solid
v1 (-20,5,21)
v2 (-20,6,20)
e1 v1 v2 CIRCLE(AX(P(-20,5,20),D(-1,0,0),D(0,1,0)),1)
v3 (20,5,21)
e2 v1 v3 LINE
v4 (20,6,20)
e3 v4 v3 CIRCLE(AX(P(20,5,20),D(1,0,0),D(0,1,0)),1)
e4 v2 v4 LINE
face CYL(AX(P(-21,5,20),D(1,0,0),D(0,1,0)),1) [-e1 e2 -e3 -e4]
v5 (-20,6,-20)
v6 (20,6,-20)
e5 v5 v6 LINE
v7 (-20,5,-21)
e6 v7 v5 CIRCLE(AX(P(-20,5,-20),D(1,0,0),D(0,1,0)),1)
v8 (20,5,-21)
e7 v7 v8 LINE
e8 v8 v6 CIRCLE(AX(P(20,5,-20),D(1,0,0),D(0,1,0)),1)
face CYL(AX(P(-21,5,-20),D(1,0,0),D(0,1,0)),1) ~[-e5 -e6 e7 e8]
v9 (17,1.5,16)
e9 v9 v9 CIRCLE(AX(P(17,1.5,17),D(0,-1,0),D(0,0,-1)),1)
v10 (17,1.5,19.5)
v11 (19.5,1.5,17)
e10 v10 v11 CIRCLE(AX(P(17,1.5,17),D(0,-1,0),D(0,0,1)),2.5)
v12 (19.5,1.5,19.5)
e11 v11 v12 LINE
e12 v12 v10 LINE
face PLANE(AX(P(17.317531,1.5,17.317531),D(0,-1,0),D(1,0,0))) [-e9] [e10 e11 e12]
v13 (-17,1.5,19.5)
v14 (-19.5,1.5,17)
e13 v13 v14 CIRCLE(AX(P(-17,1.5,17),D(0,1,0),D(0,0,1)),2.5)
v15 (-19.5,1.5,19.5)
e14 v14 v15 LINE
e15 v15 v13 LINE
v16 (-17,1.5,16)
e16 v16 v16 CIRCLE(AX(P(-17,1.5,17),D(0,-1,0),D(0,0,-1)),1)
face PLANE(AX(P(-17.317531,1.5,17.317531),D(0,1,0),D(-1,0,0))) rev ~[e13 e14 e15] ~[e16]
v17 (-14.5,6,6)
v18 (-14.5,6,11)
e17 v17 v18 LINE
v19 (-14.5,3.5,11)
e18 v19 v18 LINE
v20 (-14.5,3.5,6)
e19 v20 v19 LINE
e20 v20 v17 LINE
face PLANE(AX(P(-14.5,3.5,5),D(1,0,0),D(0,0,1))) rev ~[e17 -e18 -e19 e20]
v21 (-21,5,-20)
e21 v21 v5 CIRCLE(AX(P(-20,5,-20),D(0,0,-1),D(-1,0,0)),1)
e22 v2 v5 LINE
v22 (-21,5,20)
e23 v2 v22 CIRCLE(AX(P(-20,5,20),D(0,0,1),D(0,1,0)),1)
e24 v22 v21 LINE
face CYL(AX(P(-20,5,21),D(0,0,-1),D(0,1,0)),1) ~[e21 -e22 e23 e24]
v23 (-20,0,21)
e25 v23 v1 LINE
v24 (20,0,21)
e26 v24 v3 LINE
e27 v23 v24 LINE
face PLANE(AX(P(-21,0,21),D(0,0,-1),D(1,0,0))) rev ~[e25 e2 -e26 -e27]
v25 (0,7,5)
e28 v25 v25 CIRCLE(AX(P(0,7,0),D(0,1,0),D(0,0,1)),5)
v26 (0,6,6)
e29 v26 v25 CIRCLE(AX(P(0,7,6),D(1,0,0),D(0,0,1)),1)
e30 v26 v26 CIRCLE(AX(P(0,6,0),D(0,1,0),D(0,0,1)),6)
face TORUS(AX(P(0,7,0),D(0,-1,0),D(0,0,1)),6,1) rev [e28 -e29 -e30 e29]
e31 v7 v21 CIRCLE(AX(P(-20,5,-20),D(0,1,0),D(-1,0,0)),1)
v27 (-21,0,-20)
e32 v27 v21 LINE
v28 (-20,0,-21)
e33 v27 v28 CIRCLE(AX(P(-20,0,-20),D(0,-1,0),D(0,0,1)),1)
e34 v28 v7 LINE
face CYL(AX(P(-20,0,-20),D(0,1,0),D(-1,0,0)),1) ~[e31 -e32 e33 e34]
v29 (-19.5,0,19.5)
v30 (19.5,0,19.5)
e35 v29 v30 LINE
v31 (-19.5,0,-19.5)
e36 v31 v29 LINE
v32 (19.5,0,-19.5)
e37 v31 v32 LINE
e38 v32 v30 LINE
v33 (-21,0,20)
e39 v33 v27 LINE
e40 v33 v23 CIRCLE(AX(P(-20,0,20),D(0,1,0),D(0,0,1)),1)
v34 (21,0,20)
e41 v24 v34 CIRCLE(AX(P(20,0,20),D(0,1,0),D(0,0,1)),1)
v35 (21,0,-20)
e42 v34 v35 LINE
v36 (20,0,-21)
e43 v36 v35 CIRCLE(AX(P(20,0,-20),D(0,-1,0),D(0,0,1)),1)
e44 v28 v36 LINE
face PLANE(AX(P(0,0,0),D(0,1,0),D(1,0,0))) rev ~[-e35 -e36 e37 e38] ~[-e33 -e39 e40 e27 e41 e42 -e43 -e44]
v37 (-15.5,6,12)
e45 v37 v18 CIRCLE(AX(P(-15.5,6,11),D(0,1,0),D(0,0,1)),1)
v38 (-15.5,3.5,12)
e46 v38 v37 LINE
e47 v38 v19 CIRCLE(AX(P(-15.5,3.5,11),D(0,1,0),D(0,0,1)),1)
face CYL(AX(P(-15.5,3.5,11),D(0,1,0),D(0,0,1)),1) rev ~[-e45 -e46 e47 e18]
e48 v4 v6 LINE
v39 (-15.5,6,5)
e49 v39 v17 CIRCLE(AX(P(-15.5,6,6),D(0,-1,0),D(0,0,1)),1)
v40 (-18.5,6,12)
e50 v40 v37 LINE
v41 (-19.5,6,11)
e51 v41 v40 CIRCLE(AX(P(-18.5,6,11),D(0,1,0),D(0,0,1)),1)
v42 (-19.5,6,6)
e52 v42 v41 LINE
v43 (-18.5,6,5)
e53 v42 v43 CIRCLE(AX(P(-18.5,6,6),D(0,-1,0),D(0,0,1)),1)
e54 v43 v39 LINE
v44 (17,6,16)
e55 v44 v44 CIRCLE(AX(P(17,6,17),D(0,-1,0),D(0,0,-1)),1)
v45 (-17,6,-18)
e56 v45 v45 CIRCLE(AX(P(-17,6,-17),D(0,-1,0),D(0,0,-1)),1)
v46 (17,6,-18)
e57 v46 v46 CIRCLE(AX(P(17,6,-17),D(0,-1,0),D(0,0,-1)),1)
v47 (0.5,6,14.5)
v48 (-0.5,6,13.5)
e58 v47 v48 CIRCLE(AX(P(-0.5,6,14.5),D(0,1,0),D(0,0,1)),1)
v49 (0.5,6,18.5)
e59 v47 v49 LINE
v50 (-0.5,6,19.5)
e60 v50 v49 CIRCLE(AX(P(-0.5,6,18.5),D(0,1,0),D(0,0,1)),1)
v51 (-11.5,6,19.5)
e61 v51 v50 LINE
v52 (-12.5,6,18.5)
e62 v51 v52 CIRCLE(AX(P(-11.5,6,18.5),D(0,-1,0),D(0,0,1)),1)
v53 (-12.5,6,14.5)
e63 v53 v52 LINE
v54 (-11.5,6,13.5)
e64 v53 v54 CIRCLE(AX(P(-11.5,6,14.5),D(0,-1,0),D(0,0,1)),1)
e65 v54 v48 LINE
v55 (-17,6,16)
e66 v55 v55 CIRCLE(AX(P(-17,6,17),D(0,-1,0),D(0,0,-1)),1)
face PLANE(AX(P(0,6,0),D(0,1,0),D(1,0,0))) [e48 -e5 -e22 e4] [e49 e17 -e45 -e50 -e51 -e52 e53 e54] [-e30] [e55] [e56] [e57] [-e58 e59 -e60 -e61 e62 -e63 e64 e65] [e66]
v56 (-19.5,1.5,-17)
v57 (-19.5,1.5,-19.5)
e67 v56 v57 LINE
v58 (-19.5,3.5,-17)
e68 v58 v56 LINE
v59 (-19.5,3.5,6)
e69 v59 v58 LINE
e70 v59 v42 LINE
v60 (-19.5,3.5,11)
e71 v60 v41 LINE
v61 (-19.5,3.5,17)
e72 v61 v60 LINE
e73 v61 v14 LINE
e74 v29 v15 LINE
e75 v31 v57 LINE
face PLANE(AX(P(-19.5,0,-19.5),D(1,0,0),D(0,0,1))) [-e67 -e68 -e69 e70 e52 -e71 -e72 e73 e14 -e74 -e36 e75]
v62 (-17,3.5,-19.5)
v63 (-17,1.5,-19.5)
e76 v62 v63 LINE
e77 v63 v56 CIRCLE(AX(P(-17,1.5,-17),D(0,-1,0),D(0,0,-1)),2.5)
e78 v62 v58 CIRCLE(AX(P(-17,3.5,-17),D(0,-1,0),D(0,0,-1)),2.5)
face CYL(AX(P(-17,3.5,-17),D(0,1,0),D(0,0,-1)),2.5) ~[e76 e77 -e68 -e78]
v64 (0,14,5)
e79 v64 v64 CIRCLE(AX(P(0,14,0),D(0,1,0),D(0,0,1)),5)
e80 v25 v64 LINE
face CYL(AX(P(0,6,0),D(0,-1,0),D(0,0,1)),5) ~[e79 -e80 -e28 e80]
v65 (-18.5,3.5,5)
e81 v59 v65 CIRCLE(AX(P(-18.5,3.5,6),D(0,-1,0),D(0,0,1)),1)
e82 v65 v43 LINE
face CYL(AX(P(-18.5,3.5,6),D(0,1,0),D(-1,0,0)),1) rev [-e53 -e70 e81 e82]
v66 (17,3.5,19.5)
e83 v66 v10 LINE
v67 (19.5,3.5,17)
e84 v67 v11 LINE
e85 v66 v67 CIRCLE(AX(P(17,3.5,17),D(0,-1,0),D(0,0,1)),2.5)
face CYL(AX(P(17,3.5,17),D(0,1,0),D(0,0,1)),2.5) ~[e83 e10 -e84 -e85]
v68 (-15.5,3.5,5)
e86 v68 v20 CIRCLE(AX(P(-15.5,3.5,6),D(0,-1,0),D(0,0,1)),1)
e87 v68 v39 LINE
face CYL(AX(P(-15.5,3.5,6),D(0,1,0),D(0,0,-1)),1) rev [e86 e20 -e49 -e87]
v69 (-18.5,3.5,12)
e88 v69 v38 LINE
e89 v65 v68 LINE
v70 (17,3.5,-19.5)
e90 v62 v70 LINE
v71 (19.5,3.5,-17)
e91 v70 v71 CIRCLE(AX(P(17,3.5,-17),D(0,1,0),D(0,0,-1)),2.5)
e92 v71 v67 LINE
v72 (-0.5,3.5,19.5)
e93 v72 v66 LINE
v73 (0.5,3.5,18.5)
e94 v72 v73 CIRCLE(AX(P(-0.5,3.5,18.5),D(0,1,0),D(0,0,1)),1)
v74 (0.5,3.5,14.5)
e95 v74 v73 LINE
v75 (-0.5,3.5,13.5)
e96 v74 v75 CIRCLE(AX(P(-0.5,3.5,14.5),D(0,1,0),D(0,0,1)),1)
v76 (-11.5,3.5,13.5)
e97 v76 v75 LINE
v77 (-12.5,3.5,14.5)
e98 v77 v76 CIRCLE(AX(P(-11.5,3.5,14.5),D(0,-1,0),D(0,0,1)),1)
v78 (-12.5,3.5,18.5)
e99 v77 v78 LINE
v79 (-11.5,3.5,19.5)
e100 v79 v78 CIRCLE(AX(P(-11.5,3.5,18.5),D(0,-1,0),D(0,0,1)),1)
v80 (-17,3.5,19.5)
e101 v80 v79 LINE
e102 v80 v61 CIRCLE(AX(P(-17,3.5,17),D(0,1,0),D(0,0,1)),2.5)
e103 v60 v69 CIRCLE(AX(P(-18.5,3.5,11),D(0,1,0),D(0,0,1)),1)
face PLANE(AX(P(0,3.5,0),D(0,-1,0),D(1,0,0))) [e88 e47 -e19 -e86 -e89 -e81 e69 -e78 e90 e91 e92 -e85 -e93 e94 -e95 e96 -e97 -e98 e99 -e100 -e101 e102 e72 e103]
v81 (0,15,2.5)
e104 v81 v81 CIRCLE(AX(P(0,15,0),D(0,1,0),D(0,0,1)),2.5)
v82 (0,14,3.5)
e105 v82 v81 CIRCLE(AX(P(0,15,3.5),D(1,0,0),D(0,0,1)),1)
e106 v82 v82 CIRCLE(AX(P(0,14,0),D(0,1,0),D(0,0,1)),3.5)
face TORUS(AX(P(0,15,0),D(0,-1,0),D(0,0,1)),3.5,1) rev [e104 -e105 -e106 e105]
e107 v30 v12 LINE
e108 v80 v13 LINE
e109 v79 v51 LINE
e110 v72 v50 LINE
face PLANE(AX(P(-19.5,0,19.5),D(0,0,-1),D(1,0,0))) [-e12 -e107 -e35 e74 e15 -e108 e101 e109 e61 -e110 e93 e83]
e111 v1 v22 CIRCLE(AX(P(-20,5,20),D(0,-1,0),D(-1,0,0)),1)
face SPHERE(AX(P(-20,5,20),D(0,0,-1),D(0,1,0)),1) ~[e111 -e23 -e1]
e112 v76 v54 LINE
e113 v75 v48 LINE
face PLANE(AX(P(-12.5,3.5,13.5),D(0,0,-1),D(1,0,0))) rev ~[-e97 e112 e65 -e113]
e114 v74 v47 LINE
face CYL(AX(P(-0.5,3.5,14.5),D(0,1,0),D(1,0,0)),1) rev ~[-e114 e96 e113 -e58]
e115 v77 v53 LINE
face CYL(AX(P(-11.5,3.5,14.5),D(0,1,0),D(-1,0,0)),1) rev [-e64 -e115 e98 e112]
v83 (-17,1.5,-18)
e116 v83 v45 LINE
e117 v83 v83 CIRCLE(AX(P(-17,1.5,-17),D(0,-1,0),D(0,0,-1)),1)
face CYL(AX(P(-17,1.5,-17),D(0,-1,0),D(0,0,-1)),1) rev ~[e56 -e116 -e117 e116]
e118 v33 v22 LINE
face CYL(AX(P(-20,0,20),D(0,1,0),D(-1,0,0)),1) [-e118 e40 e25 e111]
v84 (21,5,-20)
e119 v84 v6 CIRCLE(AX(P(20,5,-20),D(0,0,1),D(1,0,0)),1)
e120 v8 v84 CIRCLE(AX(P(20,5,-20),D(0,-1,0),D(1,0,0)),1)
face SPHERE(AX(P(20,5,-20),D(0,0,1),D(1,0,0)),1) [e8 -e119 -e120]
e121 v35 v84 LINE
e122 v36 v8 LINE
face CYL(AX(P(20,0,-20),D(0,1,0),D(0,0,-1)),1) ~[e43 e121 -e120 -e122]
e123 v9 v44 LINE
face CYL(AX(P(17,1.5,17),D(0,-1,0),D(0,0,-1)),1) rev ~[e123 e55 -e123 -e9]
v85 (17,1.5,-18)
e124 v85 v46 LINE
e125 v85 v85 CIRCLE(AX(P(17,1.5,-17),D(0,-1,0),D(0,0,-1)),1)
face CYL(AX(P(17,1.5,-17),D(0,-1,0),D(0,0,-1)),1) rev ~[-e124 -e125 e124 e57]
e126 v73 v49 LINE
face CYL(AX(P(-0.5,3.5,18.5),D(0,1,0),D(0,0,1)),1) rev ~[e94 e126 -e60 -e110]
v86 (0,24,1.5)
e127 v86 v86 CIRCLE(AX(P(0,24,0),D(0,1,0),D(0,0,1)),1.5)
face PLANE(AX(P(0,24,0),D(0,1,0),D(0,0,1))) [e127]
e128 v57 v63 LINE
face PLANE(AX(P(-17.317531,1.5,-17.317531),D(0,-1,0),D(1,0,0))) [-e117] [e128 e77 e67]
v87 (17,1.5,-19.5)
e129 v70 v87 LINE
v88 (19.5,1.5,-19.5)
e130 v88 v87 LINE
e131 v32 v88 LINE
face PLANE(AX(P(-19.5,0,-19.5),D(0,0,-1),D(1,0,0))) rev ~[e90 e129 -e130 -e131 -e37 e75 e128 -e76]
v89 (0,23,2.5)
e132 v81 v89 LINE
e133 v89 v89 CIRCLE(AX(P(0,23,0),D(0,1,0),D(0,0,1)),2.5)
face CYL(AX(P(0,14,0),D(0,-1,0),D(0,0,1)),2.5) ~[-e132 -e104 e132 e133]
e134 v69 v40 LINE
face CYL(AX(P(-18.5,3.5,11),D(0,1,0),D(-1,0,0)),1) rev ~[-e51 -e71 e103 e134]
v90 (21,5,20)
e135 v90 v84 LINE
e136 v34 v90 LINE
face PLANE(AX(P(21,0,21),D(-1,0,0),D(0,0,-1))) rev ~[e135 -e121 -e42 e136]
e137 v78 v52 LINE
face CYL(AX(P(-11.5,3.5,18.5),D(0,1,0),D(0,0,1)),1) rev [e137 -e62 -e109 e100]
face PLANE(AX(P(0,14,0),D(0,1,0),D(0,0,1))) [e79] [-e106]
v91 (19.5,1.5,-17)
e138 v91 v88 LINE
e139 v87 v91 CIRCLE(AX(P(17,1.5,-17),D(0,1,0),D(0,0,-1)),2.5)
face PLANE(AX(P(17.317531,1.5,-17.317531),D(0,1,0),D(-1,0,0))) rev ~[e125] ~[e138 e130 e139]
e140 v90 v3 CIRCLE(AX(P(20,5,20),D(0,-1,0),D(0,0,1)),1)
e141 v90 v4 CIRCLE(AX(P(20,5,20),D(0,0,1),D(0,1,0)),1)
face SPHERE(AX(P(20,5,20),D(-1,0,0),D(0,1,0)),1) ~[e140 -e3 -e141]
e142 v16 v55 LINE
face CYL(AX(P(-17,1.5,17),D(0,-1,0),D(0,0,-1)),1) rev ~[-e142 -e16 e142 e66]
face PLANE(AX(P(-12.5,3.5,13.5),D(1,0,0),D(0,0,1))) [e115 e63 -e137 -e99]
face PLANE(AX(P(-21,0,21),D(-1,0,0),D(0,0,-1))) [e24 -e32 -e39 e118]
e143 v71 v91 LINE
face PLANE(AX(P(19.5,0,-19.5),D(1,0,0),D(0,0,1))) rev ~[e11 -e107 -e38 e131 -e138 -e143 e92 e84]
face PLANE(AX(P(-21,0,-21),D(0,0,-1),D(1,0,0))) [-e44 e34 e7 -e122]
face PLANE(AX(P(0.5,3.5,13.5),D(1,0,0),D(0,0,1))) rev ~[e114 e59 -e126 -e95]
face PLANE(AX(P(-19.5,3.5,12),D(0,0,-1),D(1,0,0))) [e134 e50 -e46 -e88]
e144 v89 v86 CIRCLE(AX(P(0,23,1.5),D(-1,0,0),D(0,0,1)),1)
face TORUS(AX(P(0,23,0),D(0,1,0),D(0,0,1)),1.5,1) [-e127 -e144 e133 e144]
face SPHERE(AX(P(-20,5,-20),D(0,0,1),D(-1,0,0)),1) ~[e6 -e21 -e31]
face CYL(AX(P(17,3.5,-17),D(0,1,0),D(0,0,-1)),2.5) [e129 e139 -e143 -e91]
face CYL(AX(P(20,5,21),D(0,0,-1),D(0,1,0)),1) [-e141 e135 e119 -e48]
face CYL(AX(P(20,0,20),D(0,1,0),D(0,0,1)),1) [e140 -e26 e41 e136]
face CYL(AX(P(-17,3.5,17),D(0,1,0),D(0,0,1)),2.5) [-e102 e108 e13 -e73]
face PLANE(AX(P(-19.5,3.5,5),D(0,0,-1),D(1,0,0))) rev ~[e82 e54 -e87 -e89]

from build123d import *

# Parameters (mm, degrees)
SKETCH1_W           = 42
SKETCH1_H           = 42
BOSS_EXTRUDE1_DEPTH = 6
SKETCH2_W           = 39
SKETCH2_H           = 39
CUT_EXTRUDE1_DEPTH  = 3.5
CUT_EXTRUDE2_REACH  = 31.904
SKETCH3_W           = 5
SKETCH3_H           = 7
SKETCH3_W_2         = 13
SKETCH3_H_2         = 6
BOSS_EXTRUDE2_DEPTH = 2
SKETCH5_R           = 1
CUT_EXTRUDE3_DEPTH  = 31.037476592
SKETCH6_R           = 5
BOSS_EXTRUDE3_DEPTH = 8
SKETCH7_R           = 2.5
BOSS_EXTRUDE4_DEPTH = 10
FILLET1_R           = 1


with BuildPart() as part:
    # Sketch1 → Boss-Extrude1 (new body)
    with BuildSketch(Plane(origin=(0, 0, 0), x_dir=(1, 0, 0), z_dir=(0, 1, 0))):
        Rectangle(SKETCH1_W, SKETCH1_H)
    extrude(amount=BOSS_EXTRUDE1_DEPTH)

    # Sketch2 → Cut-Extrude1 (cut)
    with BuildSketch(Plane.XZ):
        Rectangle(SKETCH2_W, SKETCH2_H)
    extrude(amount=-CUT_EXTRUDE1_DEPTH, mode=Mode.SUBTRACT)

    # Sketch3 → Cut-Extrude2 (cut, up to next)
    with BuildSketch(Plane.XZ.offset(-3.5), mode=Mode.PRIVATE) as cut_extrude2_sk1:
        with Locations((-17, 8.5)):
            Rectangle(SKETCH3_W, SKETCH3_H)
    cut_extrude2_tool1 = extrude(cut_extrude2_sk1.sketch, amount=-CUT_EXTRUDE2_REACH, mode=Mode.PRIVATE) & part.part
    # Sketch3 → Cut-Extrude2 (cut, up to next)
    with BuildSketch(Plane.XZ.offset(-3.5), mode=Mode.PRIVATE) as cut_extrude2_sk2:
        with Locations((-6, 16.5)):
            Rectangle(SKETCH3_W_2, SKETCH3_H_2)
    cut_extrude2_tool2 = extrude(cut_extrude2_sk2.sketch, amount=-CUT_EXTRUDE2_REACH, mode=Mode.PRIVATE) & part.part
    add(cut_extrude2_tool1.solids().sort_by_distance((-17, 3.5, 8.5))[0], mode=Mode.SUBTRACT)
    add(cut_extrude2_tool2.solids().sort_by_distance((-6, 3.5, 16.5))[0], mode=Mode.SUBTRACT)

    # Sketch4 → Boss-Extrude2 (add)
    with BuildSketch(Plane.XZ.offset(-3.5)):
        with BuildLine():
            Line((-19.5, 17), (-19.5, 19.5))
            Line((-19.5, 19.5), (-17, 19.5))
            ThreePointArc((-17, 19.5), (-15.232233047, 15.232233047), (-19.5, 17))
        make_face()
        with BuildLine():
            Line((19.5, 19.5), (17, 19.5))
            ThreePointArc((17, 19.5), (15.232233047, 15.232233047), (19.5, 17))
            Line((19.5, 17), (19.5, 19.5))
        make_face()
        with BuildLine():
            Line((-19.5, -19.5), (-17, -19.5))
            ThreePointArc((-17, -19.5), (-15.232233047, -15.232233047), (-19.5, -17))
            Line((-19.5, -17), (-19.5, -19.5))
        make_face()
        with BuildLine():
            Line((19.5, -17), (19.5, -19.5))
            Line((19.5, -19.5), (17, -19.5))
            ThreePointArc((17, -19.5), (15.232233047, -15.232233047), (19.5, -17))
        make_face()
    extrude(amount=BOSS_EXTRUDE2_DEPTH)

    # Sketch5 → Cut-Extrude3 (cut, through all)
    with BuildSketch(Plane.XZ.offset(-1.5)):
        with Locations(Location((-17, 17, 0), (0, 0, 270))):
            Circle(SKETCH5_R)
        with Locations(Location((17, 17, 0), (0, 0, 270))):
            Circle(SKETCH5_R)
        with Locations(Location((17, -17, 0), (0, 0, 270))):
            Circle(SKETCH5_R)
        with Locations(Location((-17, -17, 0), (0, 0, 270))):
            Circle(SKETCH5_R)
    extrude(amount=-CUT_EXTRUDE3_DEPTH, mode=Mode.SUBTRACT)

    # Sketch6 → Boss-Extrude3 (add)
    with BuildSketch(Plane(origin=(0, 6, 0), x_dir=(1, 0, 0), z_dir=(0, 1, 0))):
        with Locations(Location((0, 0, 0), (0, 0, 270))):
            Circle(SKETCH6_R)
    extrude(amount=BOSS_EXTRUDE3_DEPTH)

    # Sketch7 → Boss-Extrude4 (add)
    with BuildSketch(Plane(origin=(0, 14, 0), x_dir=(1, 0, 0), z_dir=(0, 1, 0))):
        with Locations(Location((0, 0, 0), (0, 0, 270))):
            Circle(SKETCH7_R)
    extrude(amount=BOSS_EXTRUDE4_DEPTH)

    # Fillet1
    fillet1_edges = [part.edges().sort_by_distance(p)[0] for p in [
        (0, 6, -5),
        (0, 14, -2.5),
        (0, 24, -2.5),
        (-21, 6, 0),
        (0, 6, 21),
        (-14.5, 4.75, 12),
        (-14.5, 4.75, 5),
        (-19.5, 4.75, 5),
        (-19.5, 4.75, 12),
        (0.5, 4.75, 19.5),
        (0.5, 4.75, 13.5),
        (-12.5, 4.75, 13.5),
        (-12.5, 4.75, 19.5),
        (21, 6, 0),
        (21, 3, 21),
        (-21, 3, 21),
        (-21, 3, -21),
        (21, 3, -21),
        (0, 6, -21),
    ]]
    fillet(fillet1_edges, radius=FILLET1_R)


solid = part.part
